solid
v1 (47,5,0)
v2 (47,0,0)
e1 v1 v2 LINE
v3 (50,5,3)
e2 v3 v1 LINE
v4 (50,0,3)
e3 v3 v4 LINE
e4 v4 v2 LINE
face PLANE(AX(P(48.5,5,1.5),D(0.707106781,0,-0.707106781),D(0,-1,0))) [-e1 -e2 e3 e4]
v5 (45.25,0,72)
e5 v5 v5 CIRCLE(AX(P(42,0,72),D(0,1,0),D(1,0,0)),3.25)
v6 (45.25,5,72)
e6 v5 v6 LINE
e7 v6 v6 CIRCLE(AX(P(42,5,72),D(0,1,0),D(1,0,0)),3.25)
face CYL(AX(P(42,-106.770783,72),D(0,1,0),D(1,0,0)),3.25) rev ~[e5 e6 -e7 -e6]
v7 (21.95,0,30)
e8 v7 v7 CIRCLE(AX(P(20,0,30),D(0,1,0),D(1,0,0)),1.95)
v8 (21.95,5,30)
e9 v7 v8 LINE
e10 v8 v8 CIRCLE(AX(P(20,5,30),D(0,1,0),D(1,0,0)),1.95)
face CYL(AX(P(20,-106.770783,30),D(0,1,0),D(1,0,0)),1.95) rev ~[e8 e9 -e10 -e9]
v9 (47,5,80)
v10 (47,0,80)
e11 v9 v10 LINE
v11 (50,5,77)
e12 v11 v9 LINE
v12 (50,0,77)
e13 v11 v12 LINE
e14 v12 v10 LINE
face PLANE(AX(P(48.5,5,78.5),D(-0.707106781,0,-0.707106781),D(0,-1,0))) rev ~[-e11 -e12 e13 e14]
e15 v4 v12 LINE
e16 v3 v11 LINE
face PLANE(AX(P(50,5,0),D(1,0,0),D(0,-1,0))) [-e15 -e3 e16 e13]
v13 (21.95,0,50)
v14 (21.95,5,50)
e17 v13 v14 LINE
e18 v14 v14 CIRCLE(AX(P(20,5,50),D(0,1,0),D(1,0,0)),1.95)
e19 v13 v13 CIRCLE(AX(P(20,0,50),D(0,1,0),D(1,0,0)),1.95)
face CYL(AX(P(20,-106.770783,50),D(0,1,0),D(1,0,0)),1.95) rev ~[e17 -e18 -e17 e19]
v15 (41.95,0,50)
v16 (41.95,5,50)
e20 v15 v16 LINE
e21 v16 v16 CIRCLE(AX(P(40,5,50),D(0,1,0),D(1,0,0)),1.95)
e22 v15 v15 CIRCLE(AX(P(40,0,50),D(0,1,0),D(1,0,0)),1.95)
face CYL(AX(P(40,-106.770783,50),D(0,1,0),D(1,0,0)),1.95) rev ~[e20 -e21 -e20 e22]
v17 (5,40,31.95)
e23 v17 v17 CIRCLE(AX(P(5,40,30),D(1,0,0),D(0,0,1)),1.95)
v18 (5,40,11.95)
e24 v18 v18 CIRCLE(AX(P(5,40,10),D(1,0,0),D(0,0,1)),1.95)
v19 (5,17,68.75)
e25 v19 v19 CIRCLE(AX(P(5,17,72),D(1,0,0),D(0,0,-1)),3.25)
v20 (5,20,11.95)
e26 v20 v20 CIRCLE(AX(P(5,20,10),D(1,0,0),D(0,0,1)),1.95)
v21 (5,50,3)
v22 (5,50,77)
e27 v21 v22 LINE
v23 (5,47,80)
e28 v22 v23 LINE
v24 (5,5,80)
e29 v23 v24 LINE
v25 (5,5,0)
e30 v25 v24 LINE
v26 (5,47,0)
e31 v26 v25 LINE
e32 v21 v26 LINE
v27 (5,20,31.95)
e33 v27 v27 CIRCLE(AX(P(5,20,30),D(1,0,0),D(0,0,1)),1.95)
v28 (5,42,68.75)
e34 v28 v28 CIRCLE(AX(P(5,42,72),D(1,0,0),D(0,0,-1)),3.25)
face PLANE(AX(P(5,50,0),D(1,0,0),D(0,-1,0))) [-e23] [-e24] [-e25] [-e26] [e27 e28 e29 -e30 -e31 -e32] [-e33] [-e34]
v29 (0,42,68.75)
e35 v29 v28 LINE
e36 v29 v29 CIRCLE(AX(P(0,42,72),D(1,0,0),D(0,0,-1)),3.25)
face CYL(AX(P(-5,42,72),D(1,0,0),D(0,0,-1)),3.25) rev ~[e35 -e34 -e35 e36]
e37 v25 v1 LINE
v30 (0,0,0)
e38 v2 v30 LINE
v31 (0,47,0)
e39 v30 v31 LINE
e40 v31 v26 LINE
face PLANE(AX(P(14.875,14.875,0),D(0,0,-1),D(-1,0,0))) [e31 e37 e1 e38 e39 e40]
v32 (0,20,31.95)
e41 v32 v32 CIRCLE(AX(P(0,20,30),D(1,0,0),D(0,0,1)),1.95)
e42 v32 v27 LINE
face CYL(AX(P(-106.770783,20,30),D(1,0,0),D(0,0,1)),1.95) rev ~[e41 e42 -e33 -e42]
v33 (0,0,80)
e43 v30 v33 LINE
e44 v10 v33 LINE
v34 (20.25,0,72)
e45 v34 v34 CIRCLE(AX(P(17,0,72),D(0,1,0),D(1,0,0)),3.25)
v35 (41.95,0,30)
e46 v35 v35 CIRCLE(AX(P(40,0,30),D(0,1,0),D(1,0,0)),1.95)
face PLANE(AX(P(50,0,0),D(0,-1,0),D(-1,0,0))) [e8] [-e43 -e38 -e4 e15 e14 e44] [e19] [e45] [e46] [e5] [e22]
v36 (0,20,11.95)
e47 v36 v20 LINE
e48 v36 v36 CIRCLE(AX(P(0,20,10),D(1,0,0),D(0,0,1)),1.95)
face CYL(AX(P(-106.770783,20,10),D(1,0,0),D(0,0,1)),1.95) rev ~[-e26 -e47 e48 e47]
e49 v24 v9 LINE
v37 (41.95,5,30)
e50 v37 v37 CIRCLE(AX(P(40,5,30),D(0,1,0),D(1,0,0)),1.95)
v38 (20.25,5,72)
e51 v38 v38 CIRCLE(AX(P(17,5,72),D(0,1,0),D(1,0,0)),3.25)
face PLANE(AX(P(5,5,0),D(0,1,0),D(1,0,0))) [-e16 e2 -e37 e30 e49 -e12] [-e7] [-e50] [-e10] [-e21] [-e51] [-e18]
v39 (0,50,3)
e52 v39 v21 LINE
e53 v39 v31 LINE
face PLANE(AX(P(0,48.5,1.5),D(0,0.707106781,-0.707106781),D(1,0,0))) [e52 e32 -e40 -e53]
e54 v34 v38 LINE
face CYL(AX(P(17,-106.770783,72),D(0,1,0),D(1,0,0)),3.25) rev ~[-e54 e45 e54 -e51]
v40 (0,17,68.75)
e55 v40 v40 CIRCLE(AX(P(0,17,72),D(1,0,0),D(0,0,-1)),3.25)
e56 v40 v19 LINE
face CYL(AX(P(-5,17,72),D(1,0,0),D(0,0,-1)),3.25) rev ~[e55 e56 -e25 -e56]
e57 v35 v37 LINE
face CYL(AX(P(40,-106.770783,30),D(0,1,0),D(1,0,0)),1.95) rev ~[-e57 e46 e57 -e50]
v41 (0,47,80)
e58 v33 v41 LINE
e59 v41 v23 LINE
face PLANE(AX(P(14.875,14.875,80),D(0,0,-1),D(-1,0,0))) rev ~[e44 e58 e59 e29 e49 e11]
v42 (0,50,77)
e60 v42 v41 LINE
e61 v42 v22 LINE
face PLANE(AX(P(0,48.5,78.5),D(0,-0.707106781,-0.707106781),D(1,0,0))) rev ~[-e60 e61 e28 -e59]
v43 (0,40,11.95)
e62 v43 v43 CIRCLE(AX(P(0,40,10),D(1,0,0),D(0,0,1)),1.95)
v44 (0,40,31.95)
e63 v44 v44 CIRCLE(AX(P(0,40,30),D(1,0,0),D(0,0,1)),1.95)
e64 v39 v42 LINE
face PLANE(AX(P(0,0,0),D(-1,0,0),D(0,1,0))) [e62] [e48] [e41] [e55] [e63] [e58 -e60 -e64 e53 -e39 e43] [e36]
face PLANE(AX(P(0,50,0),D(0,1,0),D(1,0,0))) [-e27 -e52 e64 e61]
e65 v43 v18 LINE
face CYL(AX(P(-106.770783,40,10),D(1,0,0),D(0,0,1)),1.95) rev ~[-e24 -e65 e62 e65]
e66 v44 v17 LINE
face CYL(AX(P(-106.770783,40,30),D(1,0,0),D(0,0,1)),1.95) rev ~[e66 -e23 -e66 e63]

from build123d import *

# Parameters (mm, degrees)
ESTRUSIONE_ESTRUSIONE1_DEPTH = 80
FORO_6_5_6_5_1_D             = 6.5
FORO_6_5_6_5_2_D             = 6.5
FORO_6_5_6_5_2_DEPTH         = 5
FORO_6_5_6_5_2_TIP           = 1.952797012
SMUSSO1_SIZE                 = 3
M3_5_CLEARANCE_HOLE1_D       = 3.9
M3_5_CLEARANCE_HOLE2_D       = 3.9


with BuildPart() as part:
    # Schizzo1 → Estrusione-Estrusione1 (new body)
    with BuildSketch(Plane.XY):
        Polygon((0, 0), (0, 50), (5, 50), (5, 5), (50, 5), (50, 0), align=None)
    extrude(amount=ESTRUSIONE_ESTRUSIONE1_DEPTH)

    # Foro Ø6.5 (6.5)-1 (through all)
    with Locations(Plane(origin=(0, 0, 0), x_dir=(-1, 0, 0), z_dir=(0, -1, 0))):
        with Locations((-17, -72), (-42, -72)):
            Hole(FORO_6_5_6_5_1_D / 2)

    # Foro Ø6.5 (6.5)-2
    with Locations(Plane.ZY):
        with Locations((72, 42), (72, 17)):
            Hole(FORO_6_5_6_5_2_D / 2, depth=FORO_6_5_6_5_2_DEPTH)
            with Locations((0, 0, -(FORO_6_5_6_5_2_DEPTH + FORO_6_5_6_5_2_TIP / 2))):  # 118° drill point
                Cone(0, FORO_6_5_6_5_2_D / 2, FORO_6_5_6_5_2_TIP, mode=Mode.SUBTRACT)

    # Smusso1
    smusso1_edges = [part.edges().sort_by_distance(p)[0] for p in [
        (2.5, 50, 80),
        (2.5, 50, 0),
        (50, 2.5, 80),
        (50, 2.5, 0),
    ]]
    chamfer(smusso1_edges, length=SMUSSO1_SIZE)

    # M3.5 Clearance Hole1 (through all)
    with Locations(Plane(origin=(0, 40, 10), x_dir=(0, 0, -1), z_dir=(-1, 0, 0))):
        with Locations((0, 0), (-20, 0), (-20, 20), (0, 20)):
            Hole(M3_5_CLEARANCE_HOLE1_D / 2)

    # M3.5 Clearance Hole2 (through all)
    with Locations(Plane(origin=(20, 0, 50), x_dir=(-1, 0, 0), z_dir=(0, -1, 0))):
        with Locations((0, 0), (-20, 0), (-20, 20), (0, 20)):
            Hole(M3_5_CLEARANCE_HOLE2_D / 2)


solid = part.part
